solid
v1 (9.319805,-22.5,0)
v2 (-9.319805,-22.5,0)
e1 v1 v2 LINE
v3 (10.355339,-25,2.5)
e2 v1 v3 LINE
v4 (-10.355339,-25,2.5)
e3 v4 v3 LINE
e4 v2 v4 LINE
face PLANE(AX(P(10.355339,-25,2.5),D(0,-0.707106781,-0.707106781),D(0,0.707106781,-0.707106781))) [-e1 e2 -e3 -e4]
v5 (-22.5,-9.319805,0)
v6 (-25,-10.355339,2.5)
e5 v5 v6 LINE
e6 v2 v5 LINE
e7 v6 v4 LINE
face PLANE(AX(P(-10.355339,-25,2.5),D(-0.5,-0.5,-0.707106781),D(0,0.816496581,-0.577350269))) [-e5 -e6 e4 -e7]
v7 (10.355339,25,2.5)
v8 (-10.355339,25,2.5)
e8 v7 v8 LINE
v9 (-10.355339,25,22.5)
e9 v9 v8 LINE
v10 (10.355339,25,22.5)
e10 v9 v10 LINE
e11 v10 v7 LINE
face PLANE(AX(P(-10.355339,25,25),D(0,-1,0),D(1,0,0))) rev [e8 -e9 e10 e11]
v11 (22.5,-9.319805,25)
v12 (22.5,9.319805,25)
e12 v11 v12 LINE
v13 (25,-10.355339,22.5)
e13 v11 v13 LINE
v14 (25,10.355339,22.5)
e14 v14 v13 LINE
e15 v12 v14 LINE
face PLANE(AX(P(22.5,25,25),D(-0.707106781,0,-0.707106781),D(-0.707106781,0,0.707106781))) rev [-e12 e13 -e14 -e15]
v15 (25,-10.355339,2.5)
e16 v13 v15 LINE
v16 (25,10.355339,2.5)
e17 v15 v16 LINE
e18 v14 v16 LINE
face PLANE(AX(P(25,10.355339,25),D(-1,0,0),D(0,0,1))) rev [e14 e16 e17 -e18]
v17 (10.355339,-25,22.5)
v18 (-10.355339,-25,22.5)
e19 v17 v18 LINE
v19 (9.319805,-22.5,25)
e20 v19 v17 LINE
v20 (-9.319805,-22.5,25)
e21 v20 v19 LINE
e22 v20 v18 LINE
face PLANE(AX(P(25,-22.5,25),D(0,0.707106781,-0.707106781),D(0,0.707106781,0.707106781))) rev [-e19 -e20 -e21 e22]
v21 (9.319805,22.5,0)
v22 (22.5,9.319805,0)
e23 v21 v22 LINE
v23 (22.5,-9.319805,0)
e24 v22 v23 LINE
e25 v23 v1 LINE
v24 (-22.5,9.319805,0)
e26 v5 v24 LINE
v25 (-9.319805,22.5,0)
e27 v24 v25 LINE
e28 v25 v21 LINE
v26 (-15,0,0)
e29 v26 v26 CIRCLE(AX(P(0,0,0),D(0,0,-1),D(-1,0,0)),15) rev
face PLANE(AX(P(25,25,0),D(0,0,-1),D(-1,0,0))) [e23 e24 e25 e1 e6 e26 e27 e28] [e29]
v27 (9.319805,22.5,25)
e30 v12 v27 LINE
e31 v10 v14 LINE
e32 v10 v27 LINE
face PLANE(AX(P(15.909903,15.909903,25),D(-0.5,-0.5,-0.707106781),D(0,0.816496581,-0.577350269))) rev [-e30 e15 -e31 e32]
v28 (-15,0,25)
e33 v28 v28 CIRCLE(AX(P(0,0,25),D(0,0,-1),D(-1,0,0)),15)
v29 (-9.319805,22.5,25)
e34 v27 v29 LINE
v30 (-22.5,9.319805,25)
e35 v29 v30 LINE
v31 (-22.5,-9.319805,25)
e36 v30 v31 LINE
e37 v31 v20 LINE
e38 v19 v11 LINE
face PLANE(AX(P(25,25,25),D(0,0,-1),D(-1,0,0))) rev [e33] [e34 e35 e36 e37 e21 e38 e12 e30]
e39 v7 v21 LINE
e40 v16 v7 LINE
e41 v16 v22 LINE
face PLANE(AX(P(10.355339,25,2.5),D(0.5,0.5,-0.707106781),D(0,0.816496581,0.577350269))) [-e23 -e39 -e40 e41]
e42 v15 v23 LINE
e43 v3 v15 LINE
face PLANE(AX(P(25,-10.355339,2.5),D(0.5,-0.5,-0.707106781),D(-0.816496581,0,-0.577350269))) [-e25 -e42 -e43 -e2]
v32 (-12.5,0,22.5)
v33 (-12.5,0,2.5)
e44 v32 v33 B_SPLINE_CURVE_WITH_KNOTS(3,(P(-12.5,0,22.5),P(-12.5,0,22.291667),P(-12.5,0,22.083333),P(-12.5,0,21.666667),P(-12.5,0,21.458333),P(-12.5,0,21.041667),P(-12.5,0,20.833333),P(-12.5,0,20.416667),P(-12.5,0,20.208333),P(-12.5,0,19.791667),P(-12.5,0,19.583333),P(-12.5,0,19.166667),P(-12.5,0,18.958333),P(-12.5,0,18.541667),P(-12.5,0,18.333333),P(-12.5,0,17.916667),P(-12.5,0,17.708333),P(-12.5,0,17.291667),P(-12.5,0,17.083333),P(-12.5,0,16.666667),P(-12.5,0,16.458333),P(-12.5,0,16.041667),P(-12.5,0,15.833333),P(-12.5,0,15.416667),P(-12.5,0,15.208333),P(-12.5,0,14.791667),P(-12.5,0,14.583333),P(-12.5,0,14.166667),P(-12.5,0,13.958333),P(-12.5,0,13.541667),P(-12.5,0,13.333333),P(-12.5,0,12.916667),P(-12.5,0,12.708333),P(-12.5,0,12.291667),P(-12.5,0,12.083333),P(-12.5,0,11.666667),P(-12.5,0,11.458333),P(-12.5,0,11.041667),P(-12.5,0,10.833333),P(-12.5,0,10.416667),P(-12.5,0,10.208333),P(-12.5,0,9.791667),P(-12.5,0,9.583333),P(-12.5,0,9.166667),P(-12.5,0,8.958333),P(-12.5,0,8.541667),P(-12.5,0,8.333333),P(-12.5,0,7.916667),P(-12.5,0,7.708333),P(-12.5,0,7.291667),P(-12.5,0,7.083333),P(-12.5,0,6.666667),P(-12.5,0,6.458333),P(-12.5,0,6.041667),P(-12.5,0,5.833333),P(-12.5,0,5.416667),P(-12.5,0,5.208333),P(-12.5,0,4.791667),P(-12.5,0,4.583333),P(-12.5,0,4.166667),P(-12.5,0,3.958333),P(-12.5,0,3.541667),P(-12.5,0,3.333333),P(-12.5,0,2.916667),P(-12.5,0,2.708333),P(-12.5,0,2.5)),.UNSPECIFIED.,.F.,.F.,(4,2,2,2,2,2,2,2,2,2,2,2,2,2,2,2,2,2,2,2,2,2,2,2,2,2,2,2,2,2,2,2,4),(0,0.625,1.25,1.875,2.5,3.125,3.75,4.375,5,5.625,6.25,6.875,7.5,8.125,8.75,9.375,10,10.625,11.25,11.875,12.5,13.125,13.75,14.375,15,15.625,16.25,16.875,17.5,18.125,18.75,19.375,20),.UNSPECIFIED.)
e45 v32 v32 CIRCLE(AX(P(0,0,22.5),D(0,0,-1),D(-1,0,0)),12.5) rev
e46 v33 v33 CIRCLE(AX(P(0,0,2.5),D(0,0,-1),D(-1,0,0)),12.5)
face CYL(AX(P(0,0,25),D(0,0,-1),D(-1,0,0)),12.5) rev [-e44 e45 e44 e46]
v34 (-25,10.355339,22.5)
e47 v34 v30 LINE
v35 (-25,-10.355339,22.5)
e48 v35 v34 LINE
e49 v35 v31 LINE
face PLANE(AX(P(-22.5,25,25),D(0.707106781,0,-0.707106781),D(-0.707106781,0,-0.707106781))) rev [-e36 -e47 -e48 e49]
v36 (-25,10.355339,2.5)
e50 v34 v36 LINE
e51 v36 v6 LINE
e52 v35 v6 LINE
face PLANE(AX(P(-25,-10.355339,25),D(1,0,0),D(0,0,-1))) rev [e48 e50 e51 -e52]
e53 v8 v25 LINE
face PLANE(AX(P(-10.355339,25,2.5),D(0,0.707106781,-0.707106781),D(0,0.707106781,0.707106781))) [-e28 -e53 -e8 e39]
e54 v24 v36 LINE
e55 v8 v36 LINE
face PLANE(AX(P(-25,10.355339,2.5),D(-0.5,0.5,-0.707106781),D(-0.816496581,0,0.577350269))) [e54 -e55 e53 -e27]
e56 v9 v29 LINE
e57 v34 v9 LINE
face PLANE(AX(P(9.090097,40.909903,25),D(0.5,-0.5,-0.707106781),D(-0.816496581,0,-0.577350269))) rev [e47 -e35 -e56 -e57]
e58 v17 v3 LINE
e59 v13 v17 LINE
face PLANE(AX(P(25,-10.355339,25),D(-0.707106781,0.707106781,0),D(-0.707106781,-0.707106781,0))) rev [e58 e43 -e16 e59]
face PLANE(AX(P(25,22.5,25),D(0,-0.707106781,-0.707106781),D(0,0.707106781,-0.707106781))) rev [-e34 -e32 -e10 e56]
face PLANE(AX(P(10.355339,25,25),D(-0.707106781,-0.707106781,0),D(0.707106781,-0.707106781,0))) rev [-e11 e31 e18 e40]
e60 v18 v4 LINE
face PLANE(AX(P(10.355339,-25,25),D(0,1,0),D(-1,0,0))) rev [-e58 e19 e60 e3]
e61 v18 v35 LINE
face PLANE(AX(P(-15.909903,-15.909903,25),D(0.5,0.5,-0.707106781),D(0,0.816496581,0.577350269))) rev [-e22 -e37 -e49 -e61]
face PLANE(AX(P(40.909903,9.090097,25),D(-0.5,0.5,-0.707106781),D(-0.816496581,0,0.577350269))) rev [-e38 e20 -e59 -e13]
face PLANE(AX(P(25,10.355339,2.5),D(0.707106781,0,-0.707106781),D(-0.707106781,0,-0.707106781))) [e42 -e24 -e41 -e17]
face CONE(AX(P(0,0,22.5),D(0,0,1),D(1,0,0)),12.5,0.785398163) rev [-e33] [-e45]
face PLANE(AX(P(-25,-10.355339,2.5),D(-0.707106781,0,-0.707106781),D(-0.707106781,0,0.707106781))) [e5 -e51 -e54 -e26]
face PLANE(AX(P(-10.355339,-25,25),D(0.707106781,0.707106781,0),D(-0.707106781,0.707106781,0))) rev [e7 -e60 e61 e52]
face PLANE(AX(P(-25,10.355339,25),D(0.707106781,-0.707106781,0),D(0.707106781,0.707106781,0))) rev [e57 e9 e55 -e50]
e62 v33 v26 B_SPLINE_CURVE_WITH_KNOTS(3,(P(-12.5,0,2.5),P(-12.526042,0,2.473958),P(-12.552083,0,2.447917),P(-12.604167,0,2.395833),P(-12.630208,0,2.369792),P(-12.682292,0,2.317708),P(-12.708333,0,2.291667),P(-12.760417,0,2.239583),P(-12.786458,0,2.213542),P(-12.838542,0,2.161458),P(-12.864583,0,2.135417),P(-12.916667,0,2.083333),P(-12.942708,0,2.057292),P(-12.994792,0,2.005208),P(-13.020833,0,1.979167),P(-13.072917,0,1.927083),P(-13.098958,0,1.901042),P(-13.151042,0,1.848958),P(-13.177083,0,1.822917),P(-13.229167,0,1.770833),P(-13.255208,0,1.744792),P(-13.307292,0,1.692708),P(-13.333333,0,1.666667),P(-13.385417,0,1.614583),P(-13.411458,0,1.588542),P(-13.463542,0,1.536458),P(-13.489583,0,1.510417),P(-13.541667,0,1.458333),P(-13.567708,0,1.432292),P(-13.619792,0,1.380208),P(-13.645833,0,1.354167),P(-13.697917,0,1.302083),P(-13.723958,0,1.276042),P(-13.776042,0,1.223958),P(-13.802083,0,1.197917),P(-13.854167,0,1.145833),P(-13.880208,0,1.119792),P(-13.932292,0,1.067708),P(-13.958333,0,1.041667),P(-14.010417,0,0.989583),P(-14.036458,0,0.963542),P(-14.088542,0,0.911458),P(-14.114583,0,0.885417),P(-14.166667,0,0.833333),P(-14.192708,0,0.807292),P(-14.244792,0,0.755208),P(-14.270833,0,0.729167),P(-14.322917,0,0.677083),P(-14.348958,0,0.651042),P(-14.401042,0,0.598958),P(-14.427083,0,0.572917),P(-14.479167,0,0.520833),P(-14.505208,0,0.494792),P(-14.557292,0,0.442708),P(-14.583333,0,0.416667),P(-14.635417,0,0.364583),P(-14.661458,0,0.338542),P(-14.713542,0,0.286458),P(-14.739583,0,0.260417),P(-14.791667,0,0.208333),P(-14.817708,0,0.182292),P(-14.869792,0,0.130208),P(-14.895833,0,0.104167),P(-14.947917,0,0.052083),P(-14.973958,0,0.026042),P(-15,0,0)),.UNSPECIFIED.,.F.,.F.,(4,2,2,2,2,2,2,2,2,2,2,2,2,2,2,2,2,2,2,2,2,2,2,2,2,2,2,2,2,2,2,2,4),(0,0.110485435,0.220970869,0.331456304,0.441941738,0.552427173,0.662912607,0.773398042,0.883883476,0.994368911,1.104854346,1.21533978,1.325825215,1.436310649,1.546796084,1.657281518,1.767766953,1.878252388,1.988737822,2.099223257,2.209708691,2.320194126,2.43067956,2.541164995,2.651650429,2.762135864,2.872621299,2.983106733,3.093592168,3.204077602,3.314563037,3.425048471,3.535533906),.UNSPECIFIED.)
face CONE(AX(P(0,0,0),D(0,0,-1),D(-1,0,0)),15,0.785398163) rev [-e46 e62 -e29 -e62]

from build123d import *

# Parameters (mm, degrees)
SKETCH2_R      = 12.5
EXTRUDE2_DEPTH = 25
CHAMFER3_SIZE  = 2.5
CHAMFER4_SIZE  = 2.5


with BuildPart() as part:
    # Sketch2 → Extrude2 (new body)
    with BuildSketch(Plane.XY):
        Polygon((-25, 10.355339059), (-10.355339059, 25), (10.355339059, 25), (25, 10.355339059), (25, -10.355339059), (10.355339059, -25), (-10.355339059, -25), (-25, -10.355339059), align=None)
        Circle(SKETCH2_R, mode=Mode.SUBTRACT)
    extrude(amount=EXTRUDE2_DEPTH)

    # Chamfer3
    chamfer3_edges = [part.edges().sort_by_distance(p)[0] for p in [
        (-12.5, 0, 0),
        (17.67766953, 17.67766953, 0),
        (25, 0, 0),
        (17.67766953, -17.67766953, 0),
        (0, -25, 0),
        (-17.67766953, -17.67766953, 0),
        (-25, 0, 0),
        (-17.67766953, 17.67766953, 0),
        (0, 25, 0),
    ]]
    chamfer(chamfer3_edges, length=CHAMFER3_SIZE)

    # Chamfer4
    chamfer4_edges = [part.edges().sort_by_distance(p)[0] for p in [
        (-25, 0, 25),
        (-17.67766953, -17.67766953, 25),
        (0, -25, 25),
        (17.67766953, -17.67766953, 25),
        (-12.5, 0, 25),
        (25, 0, 25),
        (17.67766953, 17.67766953, 25),
        (0, 25, 25),
        (-17.67766953, 17.67766953, 25),
    ]]
    chamfer(chamfer4_edges, length=CHAMFER4_SIZE)


solid = part.part
